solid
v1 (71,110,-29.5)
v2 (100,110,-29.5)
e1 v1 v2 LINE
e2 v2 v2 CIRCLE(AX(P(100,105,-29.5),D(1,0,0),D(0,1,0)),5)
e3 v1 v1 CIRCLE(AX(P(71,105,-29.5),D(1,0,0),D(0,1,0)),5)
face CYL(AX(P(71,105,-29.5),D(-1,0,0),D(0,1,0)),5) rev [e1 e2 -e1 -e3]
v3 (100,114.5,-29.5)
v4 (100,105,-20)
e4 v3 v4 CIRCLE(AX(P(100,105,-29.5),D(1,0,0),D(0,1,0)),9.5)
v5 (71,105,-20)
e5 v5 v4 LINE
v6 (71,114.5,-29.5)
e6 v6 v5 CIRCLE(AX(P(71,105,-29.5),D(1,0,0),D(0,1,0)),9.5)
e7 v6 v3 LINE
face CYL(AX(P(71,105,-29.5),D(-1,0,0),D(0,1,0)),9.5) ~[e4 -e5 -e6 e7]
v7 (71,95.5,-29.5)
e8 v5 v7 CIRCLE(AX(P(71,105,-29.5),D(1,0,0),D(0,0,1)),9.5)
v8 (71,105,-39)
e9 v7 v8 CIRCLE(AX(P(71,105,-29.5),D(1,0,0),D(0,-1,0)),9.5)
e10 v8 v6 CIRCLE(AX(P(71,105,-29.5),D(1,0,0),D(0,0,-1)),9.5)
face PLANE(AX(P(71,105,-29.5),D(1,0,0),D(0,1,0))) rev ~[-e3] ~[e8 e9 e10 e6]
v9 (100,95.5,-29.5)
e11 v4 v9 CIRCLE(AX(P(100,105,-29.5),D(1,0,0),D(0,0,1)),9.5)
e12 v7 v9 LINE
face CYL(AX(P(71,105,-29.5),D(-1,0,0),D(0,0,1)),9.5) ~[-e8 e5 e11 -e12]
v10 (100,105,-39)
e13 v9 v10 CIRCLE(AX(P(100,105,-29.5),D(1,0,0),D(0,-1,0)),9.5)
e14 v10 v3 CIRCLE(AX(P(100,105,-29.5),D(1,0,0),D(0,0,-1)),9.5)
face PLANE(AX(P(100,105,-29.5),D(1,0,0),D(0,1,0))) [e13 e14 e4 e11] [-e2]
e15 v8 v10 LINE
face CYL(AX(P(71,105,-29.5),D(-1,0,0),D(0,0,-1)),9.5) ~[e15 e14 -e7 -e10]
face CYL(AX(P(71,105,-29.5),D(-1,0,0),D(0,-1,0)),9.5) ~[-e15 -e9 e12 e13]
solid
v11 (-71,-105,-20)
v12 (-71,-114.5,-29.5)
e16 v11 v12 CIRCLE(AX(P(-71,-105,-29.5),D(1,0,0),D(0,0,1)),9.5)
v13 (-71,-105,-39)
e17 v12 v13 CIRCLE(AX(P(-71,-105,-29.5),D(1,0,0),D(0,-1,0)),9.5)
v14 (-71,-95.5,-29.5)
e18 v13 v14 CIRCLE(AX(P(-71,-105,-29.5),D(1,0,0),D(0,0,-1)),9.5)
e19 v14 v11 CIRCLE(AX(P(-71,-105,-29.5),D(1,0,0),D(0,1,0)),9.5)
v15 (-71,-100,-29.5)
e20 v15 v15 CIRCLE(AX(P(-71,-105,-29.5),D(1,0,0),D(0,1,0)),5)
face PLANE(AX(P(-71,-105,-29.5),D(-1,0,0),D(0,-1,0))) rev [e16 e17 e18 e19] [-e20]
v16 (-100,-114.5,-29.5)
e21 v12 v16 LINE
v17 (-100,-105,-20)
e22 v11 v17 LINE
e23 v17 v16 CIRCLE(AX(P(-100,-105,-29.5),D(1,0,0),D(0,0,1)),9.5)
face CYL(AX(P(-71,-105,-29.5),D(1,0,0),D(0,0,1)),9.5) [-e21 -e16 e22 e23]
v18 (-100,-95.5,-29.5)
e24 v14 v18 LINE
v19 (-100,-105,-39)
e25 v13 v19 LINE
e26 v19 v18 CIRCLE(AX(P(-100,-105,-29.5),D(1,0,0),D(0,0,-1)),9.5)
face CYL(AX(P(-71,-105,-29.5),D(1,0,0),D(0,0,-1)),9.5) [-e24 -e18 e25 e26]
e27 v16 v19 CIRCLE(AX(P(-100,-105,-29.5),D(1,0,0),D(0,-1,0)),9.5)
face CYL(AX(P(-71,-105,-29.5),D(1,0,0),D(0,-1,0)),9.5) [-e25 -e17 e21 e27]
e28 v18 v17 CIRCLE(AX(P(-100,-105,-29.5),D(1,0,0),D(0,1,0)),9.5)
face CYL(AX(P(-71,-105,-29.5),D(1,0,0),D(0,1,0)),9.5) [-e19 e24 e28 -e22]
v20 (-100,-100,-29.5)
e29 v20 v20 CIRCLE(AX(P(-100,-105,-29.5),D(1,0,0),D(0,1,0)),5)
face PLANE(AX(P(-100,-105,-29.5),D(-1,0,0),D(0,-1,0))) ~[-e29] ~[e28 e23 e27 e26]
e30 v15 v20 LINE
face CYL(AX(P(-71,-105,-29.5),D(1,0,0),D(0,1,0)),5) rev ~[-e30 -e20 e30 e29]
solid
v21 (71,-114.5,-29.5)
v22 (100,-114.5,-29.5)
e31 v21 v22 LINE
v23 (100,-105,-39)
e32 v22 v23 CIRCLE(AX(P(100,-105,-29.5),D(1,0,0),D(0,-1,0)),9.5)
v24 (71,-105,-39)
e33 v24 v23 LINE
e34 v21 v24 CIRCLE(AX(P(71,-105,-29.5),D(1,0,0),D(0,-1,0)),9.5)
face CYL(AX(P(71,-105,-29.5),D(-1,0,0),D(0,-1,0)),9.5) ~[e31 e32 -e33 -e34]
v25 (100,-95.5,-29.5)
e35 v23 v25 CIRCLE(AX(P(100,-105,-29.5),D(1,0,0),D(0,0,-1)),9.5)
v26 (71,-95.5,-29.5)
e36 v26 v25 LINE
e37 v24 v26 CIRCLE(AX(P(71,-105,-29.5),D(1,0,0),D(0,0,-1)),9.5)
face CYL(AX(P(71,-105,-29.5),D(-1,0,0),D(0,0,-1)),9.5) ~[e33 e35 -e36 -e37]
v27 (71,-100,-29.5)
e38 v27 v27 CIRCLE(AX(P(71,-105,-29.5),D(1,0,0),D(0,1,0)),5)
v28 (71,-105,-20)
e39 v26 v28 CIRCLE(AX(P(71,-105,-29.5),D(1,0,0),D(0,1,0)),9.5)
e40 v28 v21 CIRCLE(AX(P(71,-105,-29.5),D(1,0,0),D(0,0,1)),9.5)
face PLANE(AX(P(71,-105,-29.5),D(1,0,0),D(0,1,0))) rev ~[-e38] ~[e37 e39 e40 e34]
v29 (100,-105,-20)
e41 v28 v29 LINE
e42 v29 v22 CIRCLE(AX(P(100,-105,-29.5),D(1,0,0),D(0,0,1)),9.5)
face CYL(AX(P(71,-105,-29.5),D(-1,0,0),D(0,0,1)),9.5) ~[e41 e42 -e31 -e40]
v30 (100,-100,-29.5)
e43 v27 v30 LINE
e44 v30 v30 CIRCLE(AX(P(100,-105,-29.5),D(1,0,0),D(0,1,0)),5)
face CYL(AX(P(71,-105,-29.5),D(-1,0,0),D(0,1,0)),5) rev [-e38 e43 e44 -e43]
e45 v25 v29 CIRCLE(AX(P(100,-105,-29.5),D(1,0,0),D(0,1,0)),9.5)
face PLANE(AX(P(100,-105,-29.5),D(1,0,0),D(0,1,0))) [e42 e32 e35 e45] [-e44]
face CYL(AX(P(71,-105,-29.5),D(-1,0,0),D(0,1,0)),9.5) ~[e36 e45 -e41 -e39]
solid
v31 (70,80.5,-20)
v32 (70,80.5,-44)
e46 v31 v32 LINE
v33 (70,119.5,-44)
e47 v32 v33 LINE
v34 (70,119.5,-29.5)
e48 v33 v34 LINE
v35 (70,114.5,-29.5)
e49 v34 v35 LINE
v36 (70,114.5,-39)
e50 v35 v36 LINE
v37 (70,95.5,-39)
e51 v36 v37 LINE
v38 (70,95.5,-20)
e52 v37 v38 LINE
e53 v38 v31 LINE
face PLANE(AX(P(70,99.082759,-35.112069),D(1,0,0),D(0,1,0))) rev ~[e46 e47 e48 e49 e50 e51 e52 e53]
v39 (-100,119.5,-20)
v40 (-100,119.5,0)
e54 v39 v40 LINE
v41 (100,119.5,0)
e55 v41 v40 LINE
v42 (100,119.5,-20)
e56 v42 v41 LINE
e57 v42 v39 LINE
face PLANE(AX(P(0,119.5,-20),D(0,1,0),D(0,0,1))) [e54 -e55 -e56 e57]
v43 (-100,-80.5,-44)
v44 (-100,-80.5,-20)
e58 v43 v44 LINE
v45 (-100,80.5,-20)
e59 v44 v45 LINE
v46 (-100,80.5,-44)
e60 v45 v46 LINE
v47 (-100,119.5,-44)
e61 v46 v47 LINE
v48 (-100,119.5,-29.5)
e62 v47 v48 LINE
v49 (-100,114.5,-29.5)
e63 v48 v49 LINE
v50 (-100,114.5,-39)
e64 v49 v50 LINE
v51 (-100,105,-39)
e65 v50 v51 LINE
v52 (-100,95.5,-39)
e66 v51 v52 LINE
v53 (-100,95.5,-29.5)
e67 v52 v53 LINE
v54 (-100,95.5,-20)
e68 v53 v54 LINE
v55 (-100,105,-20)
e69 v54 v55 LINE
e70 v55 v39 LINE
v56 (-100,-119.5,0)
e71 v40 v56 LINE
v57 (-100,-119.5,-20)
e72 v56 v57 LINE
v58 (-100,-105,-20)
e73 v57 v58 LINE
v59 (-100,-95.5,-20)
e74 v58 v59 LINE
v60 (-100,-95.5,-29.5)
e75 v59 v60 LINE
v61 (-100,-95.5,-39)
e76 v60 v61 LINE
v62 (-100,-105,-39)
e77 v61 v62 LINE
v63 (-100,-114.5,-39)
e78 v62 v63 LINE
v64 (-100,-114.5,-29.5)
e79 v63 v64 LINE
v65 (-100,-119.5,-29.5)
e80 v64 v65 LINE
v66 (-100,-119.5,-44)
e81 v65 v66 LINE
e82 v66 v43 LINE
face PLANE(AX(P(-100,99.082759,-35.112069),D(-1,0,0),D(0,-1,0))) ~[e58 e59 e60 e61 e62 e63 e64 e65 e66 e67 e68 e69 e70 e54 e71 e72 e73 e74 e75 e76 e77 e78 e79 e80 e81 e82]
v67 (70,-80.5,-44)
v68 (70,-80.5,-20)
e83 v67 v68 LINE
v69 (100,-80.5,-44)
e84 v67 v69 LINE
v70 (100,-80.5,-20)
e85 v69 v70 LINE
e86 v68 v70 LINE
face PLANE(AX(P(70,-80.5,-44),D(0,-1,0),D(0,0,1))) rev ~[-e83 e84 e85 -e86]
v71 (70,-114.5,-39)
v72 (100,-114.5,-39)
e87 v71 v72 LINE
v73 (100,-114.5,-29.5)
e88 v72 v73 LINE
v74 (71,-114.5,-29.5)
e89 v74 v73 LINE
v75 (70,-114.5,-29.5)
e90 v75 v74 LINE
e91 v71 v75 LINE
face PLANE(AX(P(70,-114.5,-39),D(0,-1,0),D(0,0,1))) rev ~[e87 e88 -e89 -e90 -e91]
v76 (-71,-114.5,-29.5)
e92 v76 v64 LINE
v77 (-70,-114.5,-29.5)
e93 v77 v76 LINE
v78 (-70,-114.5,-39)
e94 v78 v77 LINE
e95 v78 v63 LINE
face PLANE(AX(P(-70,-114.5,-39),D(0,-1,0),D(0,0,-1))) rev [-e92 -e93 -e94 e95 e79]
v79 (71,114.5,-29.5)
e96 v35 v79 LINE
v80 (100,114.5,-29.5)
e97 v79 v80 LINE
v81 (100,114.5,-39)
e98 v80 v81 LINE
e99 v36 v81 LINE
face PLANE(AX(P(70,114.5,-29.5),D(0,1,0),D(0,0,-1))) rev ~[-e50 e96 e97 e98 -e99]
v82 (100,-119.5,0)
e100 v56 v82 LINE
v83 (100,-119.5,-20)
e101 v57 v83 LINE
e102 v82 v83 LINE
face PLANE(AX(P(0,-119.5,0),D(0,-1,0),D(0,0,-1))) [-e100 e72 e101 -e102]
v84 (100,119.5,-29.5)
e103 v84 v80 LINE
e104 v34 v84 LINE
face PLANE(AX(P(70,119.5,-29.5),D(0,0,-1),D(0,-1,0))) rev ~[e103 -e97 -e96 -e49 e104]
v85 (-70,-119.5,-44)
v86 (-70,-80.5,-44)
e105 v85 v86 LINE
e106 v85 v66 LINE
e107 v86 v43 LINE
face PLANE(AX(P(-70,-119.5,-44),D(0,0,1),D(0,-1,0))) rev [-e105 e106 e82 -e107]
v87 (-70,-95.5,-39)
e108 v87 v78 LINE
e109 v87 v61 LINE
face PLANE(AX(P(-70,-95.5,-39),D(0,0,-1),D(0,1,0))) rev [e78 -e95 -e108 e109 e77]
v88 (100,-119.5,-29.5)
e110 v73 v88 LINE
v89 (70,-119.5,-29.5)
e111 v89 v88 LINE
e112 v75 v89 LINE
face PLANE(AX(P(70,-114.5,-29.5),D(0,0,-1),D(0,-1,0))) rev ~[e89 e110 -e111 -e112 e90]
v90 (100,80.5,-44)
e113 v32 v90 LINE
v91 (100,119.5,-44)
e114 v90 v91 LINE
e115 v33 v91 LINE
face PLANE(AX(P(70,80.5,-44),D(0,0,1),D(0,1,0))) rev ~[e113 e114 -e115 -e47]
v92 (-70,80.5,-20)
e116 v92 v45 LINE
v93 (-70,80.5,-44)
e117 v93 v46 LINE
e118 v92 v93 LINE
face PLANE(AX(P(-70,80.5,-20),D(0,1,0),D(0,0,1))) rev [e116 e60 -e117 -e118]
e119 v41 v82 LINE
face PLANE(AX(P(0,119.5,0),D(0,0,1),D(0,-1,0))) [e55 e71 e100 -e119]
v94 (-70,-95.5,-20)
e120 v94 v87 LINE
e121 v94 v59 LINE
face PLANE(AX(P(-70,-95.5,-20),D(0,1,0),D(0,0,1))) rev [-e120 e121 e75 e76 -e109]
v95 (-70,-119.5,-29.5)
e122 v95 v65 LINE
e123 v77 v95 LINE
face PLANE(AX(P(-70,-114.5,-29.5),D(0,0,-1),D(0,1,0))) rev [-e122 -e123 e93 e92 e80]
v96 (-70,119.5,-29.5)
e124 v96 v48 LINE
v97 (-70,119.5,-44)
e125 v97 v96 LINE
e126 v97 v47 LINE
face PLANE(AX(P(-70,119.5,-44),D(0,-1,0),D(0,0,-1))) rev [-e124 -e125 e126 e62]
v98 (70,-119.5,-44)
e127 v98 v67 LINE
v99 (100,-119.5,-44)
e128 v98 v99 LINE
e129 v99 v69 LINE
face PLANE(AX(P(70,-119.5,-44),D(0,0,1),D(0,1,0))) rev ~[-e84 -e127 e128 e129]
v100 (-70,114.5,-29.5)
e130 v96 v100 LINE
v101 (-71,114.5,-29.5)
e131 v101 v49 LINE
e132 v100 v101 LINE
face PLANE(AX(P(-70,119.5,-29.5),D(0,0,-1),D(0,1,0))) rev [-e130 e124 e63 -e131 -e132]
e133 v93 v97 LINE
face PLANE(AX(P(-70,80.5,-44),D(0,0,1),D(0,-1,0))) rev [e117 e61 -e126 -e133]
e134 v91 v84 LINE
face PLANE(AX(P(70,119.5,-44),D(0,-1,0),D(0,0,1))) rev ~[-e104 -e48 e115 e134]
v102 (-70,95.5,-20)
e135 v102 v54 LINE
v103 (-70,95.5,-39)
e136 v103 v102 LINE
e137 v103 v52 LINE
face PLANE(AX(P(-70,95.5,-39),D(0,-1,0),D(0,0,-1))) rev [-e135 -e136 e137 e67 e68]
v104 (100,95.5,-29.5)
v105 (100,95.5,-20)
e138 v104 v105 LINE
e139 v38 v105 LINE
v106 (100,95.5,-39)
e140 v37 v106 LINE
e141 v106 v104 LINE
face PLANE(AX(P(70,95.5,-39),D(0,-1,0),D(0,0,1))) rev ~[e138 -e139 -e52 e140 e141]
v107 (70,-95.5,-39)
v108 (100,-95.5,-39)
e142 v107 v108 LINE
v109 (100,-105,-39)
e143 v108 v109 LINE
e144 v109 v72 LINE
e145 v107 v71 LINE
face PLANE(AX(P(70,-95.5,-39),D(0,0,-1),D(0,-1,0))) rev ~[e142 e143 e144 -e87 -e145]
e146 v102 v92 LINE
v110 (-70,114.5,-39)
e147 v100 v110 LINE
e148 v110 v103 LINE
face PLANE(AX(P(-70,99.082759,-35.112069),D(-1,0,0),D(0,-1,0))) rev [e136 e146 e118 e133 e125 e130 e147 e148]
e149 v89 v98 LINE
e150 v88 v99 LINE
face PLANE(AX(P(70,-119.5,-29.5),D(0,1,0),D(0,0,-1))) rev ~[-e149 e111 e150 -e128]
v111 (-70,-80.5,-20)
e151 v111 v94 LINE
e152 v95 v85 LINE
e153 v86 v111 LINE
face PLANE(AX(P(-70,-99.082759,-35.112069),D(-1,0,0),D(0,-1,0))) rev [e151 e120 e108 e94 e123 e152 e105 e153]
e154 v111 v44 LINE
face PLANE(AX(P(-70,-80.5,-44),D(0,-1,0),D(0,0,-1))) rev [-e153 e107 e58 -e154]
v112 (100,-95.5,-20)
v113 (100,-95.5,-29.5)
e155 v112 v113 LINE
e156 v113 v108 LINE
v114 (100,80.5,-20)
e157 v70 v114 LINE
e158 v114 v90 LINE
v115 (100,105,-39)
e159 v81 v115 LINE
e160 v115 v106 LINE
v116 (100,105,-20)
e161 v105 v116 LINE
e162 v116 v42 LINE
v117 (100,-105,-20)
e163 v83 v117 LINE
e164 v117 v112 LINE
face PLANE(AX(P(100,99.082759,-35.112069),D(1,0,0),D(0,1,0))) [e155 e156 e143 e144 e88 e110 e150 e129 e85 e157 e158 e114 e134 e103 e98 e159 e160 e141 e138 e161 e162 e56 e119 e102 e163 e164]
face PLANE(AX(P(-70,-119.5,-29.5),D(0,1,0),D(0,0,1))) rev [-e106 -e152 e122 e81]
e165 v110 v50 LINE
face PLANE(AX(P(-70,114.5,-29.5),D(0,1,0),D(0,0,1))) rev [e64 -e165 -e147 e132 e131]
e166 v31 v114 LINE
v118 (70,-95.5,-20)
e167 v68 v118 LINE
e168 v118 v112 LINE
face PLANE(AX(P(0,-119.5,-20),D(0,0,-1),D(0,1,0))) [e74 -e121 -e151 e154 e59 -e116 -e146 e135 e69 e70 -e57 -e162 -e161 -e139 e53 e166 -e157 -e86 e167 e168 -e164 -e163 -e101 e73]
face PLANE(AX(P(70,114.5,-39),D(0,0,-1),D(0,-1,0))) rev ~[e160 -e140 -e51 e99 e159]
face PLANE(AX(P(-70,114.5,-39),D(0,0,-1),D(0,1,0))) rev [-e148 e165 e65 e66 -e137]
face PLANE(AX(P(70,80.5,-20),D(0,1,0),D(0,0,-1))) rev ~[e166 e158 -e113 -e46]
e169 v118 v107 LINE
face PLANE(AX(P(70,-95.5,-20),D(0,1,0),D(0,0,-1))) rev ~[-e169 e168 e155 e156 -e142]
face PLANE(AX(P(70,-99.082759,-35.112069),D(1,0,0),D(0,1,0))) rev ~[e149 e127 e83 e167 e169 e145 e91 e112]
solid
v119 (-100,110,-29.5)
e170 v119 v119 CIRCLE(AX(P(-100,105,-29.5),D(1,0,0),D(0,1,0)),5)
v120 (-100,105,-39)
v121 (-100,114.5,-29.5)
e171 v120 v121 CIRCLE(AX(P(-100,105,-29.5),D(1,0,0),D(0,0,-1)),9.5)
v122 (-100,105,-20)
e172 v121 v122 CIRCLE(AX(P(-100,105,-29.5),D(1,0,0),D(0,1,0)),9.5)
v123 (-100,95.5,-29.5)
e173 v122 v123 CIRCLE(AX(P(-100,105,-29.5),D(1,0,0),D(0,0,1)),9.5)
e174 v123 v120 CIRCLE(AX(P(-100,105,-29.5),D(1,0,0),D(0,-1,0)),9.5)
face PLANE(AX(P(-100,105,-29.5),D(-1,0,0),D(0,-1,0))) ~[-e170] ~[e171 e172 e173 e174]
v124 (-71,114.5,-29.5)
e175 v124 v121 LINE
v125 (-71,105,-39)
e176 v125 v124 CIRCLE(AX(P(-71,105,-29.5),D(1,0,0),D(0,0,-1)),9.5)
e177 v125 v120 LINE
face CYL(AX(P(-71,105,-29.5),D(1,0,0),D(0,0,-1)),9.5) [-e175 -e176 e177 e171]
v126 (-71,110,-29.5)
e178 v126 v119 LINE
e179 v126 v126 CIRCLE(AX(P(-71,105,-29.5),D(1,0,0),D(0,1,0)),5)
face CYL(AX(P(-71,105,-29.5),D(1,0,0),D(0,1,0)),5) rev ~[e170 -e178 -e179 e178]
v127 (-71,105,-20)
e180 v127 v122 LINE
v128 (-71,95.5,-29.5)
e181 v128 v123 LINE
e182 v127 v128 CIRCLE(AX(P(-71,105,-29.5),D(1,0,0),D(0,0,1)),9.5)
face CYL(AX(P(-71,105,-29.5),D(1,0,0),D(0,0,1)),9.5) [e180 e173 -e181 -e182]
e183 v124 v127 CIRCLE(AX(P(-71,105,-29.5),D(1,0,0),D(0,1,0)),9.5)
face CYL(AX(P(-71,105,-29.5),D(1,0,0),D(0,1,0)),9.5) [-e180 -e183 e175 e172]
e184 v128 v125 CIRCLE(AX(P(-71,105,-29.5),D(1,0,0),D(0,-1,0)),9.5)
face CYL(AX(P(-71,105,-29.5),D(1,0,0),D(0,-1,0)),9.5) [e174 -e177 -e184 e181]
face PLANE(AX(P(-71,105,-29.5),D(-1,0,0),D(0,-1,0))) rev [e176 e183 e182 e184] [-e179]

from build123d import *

# Parameters (mm, degrees)
F1_DEPTH = 100
F2_START = 71
F0_R     = 5
F2_DEPTH = 29
F3_START = 70
F3_DEPTH = 30


with BuildPart() as f1:
    # F0 (on Right) → F1 (new body, symmetric)
    with BuildSketch(Plane.YZ):
        Polygon((119.5, 0), (-119.5, 0), (-119.5, -20), (-105, -20), (-95.5, -20), (-80.5, -20), (80.5, -20), (95.5, -20), (105, -20), (119.5, -20), align=None)
    extrude(amount=F1_DEPTH, both=True)

    # F0 (on Right) → F2 (join)
    with BuildSketch(Plane.YZ.offset(F2_START)):
        with BuildLine():
            ThreePointArc((-95.5, -29.5), (-98.2824855787, -22.7824855787), (-105, -20))
            ThreePointArc((-105, -20), (-111.7175144213, -22.7824855787), (-114.5, -29.5))
            ThreePointArc((-114.5, -29.5), (-111.7175144213, -36.2175144213), (-105, -39))
            ThreePointArc((-105, -39), (-98.2824855787, -36.2175144213), (-95.5, -29.5))
        make_face()
        with Locations((-105, -29.5)):
            Circle(F0_R, mode=Mode.SUBTRACT)
        with BuildLine():
            ThreePointArc((114.5, -29.5), (111.7175144213, -22.7824855787), (105, -20))
            ThreePointArc((105, -20), (98.2824855787, -22.7824855787), (95.5, -29.5))
            ThreePointArc((95.5, -29.5), (98.2824855787, -36.2175144213), (105, -39))
            ThreePointArc((105, -39), (111.7175144213, -36.2175144213), (114.5, -29.5))
        make_face()
        with Locations((105, -29.5)):
            Circle(F0_R, mode=Mode.SUBTRACT)
    extrude(amount=F2_DEPTH)



with BuildPart() as f3:
    # F0 (on Right) → F3 (new body)
    with BuildSketch(Plane.YZ.offset(F3_START)):
        Polygon((-80.5, -20), (-95.5, -20), (-95.5, -29.5), (-95.5, -39), (-105, -39), (-114.5, -39), (-114.5, -29.5), (-119.5, -29.5), (-119.5, -44), (-80.5, -44), align=None)
    extrude(amount=F3_DEPTH)


with BuildPart() as f3b:
    # F0 (on Right) → F3, piece 2 (new body)
    with BuildSketch(Plane.YZ.offset(F3_START)):
        Polygon((95.5, -29.5), (95.5, -20), (80.5, -20), (80.5, -44), (119.5, -44), (119.5, -29.5), (114.5, -29.5), (114.5, -39), (105, -39), (95.5, -39), align=None)
    extrude(amount=F3_DEPTH)


with BuildPart() as f1_1:
    add(f1.part)

    add(f3.part)  # F4 merges F3

    add(f3b.part)  # F4 merges F3b
    # F4: F3, F1, F3b across plane
    add(f3.part.mirror(Plane.YZ))
    add(f1.part.mirror(Plane.YZ))
    add(f3b.part.mirror(Plane.YZ))


solid = f1_1.part
